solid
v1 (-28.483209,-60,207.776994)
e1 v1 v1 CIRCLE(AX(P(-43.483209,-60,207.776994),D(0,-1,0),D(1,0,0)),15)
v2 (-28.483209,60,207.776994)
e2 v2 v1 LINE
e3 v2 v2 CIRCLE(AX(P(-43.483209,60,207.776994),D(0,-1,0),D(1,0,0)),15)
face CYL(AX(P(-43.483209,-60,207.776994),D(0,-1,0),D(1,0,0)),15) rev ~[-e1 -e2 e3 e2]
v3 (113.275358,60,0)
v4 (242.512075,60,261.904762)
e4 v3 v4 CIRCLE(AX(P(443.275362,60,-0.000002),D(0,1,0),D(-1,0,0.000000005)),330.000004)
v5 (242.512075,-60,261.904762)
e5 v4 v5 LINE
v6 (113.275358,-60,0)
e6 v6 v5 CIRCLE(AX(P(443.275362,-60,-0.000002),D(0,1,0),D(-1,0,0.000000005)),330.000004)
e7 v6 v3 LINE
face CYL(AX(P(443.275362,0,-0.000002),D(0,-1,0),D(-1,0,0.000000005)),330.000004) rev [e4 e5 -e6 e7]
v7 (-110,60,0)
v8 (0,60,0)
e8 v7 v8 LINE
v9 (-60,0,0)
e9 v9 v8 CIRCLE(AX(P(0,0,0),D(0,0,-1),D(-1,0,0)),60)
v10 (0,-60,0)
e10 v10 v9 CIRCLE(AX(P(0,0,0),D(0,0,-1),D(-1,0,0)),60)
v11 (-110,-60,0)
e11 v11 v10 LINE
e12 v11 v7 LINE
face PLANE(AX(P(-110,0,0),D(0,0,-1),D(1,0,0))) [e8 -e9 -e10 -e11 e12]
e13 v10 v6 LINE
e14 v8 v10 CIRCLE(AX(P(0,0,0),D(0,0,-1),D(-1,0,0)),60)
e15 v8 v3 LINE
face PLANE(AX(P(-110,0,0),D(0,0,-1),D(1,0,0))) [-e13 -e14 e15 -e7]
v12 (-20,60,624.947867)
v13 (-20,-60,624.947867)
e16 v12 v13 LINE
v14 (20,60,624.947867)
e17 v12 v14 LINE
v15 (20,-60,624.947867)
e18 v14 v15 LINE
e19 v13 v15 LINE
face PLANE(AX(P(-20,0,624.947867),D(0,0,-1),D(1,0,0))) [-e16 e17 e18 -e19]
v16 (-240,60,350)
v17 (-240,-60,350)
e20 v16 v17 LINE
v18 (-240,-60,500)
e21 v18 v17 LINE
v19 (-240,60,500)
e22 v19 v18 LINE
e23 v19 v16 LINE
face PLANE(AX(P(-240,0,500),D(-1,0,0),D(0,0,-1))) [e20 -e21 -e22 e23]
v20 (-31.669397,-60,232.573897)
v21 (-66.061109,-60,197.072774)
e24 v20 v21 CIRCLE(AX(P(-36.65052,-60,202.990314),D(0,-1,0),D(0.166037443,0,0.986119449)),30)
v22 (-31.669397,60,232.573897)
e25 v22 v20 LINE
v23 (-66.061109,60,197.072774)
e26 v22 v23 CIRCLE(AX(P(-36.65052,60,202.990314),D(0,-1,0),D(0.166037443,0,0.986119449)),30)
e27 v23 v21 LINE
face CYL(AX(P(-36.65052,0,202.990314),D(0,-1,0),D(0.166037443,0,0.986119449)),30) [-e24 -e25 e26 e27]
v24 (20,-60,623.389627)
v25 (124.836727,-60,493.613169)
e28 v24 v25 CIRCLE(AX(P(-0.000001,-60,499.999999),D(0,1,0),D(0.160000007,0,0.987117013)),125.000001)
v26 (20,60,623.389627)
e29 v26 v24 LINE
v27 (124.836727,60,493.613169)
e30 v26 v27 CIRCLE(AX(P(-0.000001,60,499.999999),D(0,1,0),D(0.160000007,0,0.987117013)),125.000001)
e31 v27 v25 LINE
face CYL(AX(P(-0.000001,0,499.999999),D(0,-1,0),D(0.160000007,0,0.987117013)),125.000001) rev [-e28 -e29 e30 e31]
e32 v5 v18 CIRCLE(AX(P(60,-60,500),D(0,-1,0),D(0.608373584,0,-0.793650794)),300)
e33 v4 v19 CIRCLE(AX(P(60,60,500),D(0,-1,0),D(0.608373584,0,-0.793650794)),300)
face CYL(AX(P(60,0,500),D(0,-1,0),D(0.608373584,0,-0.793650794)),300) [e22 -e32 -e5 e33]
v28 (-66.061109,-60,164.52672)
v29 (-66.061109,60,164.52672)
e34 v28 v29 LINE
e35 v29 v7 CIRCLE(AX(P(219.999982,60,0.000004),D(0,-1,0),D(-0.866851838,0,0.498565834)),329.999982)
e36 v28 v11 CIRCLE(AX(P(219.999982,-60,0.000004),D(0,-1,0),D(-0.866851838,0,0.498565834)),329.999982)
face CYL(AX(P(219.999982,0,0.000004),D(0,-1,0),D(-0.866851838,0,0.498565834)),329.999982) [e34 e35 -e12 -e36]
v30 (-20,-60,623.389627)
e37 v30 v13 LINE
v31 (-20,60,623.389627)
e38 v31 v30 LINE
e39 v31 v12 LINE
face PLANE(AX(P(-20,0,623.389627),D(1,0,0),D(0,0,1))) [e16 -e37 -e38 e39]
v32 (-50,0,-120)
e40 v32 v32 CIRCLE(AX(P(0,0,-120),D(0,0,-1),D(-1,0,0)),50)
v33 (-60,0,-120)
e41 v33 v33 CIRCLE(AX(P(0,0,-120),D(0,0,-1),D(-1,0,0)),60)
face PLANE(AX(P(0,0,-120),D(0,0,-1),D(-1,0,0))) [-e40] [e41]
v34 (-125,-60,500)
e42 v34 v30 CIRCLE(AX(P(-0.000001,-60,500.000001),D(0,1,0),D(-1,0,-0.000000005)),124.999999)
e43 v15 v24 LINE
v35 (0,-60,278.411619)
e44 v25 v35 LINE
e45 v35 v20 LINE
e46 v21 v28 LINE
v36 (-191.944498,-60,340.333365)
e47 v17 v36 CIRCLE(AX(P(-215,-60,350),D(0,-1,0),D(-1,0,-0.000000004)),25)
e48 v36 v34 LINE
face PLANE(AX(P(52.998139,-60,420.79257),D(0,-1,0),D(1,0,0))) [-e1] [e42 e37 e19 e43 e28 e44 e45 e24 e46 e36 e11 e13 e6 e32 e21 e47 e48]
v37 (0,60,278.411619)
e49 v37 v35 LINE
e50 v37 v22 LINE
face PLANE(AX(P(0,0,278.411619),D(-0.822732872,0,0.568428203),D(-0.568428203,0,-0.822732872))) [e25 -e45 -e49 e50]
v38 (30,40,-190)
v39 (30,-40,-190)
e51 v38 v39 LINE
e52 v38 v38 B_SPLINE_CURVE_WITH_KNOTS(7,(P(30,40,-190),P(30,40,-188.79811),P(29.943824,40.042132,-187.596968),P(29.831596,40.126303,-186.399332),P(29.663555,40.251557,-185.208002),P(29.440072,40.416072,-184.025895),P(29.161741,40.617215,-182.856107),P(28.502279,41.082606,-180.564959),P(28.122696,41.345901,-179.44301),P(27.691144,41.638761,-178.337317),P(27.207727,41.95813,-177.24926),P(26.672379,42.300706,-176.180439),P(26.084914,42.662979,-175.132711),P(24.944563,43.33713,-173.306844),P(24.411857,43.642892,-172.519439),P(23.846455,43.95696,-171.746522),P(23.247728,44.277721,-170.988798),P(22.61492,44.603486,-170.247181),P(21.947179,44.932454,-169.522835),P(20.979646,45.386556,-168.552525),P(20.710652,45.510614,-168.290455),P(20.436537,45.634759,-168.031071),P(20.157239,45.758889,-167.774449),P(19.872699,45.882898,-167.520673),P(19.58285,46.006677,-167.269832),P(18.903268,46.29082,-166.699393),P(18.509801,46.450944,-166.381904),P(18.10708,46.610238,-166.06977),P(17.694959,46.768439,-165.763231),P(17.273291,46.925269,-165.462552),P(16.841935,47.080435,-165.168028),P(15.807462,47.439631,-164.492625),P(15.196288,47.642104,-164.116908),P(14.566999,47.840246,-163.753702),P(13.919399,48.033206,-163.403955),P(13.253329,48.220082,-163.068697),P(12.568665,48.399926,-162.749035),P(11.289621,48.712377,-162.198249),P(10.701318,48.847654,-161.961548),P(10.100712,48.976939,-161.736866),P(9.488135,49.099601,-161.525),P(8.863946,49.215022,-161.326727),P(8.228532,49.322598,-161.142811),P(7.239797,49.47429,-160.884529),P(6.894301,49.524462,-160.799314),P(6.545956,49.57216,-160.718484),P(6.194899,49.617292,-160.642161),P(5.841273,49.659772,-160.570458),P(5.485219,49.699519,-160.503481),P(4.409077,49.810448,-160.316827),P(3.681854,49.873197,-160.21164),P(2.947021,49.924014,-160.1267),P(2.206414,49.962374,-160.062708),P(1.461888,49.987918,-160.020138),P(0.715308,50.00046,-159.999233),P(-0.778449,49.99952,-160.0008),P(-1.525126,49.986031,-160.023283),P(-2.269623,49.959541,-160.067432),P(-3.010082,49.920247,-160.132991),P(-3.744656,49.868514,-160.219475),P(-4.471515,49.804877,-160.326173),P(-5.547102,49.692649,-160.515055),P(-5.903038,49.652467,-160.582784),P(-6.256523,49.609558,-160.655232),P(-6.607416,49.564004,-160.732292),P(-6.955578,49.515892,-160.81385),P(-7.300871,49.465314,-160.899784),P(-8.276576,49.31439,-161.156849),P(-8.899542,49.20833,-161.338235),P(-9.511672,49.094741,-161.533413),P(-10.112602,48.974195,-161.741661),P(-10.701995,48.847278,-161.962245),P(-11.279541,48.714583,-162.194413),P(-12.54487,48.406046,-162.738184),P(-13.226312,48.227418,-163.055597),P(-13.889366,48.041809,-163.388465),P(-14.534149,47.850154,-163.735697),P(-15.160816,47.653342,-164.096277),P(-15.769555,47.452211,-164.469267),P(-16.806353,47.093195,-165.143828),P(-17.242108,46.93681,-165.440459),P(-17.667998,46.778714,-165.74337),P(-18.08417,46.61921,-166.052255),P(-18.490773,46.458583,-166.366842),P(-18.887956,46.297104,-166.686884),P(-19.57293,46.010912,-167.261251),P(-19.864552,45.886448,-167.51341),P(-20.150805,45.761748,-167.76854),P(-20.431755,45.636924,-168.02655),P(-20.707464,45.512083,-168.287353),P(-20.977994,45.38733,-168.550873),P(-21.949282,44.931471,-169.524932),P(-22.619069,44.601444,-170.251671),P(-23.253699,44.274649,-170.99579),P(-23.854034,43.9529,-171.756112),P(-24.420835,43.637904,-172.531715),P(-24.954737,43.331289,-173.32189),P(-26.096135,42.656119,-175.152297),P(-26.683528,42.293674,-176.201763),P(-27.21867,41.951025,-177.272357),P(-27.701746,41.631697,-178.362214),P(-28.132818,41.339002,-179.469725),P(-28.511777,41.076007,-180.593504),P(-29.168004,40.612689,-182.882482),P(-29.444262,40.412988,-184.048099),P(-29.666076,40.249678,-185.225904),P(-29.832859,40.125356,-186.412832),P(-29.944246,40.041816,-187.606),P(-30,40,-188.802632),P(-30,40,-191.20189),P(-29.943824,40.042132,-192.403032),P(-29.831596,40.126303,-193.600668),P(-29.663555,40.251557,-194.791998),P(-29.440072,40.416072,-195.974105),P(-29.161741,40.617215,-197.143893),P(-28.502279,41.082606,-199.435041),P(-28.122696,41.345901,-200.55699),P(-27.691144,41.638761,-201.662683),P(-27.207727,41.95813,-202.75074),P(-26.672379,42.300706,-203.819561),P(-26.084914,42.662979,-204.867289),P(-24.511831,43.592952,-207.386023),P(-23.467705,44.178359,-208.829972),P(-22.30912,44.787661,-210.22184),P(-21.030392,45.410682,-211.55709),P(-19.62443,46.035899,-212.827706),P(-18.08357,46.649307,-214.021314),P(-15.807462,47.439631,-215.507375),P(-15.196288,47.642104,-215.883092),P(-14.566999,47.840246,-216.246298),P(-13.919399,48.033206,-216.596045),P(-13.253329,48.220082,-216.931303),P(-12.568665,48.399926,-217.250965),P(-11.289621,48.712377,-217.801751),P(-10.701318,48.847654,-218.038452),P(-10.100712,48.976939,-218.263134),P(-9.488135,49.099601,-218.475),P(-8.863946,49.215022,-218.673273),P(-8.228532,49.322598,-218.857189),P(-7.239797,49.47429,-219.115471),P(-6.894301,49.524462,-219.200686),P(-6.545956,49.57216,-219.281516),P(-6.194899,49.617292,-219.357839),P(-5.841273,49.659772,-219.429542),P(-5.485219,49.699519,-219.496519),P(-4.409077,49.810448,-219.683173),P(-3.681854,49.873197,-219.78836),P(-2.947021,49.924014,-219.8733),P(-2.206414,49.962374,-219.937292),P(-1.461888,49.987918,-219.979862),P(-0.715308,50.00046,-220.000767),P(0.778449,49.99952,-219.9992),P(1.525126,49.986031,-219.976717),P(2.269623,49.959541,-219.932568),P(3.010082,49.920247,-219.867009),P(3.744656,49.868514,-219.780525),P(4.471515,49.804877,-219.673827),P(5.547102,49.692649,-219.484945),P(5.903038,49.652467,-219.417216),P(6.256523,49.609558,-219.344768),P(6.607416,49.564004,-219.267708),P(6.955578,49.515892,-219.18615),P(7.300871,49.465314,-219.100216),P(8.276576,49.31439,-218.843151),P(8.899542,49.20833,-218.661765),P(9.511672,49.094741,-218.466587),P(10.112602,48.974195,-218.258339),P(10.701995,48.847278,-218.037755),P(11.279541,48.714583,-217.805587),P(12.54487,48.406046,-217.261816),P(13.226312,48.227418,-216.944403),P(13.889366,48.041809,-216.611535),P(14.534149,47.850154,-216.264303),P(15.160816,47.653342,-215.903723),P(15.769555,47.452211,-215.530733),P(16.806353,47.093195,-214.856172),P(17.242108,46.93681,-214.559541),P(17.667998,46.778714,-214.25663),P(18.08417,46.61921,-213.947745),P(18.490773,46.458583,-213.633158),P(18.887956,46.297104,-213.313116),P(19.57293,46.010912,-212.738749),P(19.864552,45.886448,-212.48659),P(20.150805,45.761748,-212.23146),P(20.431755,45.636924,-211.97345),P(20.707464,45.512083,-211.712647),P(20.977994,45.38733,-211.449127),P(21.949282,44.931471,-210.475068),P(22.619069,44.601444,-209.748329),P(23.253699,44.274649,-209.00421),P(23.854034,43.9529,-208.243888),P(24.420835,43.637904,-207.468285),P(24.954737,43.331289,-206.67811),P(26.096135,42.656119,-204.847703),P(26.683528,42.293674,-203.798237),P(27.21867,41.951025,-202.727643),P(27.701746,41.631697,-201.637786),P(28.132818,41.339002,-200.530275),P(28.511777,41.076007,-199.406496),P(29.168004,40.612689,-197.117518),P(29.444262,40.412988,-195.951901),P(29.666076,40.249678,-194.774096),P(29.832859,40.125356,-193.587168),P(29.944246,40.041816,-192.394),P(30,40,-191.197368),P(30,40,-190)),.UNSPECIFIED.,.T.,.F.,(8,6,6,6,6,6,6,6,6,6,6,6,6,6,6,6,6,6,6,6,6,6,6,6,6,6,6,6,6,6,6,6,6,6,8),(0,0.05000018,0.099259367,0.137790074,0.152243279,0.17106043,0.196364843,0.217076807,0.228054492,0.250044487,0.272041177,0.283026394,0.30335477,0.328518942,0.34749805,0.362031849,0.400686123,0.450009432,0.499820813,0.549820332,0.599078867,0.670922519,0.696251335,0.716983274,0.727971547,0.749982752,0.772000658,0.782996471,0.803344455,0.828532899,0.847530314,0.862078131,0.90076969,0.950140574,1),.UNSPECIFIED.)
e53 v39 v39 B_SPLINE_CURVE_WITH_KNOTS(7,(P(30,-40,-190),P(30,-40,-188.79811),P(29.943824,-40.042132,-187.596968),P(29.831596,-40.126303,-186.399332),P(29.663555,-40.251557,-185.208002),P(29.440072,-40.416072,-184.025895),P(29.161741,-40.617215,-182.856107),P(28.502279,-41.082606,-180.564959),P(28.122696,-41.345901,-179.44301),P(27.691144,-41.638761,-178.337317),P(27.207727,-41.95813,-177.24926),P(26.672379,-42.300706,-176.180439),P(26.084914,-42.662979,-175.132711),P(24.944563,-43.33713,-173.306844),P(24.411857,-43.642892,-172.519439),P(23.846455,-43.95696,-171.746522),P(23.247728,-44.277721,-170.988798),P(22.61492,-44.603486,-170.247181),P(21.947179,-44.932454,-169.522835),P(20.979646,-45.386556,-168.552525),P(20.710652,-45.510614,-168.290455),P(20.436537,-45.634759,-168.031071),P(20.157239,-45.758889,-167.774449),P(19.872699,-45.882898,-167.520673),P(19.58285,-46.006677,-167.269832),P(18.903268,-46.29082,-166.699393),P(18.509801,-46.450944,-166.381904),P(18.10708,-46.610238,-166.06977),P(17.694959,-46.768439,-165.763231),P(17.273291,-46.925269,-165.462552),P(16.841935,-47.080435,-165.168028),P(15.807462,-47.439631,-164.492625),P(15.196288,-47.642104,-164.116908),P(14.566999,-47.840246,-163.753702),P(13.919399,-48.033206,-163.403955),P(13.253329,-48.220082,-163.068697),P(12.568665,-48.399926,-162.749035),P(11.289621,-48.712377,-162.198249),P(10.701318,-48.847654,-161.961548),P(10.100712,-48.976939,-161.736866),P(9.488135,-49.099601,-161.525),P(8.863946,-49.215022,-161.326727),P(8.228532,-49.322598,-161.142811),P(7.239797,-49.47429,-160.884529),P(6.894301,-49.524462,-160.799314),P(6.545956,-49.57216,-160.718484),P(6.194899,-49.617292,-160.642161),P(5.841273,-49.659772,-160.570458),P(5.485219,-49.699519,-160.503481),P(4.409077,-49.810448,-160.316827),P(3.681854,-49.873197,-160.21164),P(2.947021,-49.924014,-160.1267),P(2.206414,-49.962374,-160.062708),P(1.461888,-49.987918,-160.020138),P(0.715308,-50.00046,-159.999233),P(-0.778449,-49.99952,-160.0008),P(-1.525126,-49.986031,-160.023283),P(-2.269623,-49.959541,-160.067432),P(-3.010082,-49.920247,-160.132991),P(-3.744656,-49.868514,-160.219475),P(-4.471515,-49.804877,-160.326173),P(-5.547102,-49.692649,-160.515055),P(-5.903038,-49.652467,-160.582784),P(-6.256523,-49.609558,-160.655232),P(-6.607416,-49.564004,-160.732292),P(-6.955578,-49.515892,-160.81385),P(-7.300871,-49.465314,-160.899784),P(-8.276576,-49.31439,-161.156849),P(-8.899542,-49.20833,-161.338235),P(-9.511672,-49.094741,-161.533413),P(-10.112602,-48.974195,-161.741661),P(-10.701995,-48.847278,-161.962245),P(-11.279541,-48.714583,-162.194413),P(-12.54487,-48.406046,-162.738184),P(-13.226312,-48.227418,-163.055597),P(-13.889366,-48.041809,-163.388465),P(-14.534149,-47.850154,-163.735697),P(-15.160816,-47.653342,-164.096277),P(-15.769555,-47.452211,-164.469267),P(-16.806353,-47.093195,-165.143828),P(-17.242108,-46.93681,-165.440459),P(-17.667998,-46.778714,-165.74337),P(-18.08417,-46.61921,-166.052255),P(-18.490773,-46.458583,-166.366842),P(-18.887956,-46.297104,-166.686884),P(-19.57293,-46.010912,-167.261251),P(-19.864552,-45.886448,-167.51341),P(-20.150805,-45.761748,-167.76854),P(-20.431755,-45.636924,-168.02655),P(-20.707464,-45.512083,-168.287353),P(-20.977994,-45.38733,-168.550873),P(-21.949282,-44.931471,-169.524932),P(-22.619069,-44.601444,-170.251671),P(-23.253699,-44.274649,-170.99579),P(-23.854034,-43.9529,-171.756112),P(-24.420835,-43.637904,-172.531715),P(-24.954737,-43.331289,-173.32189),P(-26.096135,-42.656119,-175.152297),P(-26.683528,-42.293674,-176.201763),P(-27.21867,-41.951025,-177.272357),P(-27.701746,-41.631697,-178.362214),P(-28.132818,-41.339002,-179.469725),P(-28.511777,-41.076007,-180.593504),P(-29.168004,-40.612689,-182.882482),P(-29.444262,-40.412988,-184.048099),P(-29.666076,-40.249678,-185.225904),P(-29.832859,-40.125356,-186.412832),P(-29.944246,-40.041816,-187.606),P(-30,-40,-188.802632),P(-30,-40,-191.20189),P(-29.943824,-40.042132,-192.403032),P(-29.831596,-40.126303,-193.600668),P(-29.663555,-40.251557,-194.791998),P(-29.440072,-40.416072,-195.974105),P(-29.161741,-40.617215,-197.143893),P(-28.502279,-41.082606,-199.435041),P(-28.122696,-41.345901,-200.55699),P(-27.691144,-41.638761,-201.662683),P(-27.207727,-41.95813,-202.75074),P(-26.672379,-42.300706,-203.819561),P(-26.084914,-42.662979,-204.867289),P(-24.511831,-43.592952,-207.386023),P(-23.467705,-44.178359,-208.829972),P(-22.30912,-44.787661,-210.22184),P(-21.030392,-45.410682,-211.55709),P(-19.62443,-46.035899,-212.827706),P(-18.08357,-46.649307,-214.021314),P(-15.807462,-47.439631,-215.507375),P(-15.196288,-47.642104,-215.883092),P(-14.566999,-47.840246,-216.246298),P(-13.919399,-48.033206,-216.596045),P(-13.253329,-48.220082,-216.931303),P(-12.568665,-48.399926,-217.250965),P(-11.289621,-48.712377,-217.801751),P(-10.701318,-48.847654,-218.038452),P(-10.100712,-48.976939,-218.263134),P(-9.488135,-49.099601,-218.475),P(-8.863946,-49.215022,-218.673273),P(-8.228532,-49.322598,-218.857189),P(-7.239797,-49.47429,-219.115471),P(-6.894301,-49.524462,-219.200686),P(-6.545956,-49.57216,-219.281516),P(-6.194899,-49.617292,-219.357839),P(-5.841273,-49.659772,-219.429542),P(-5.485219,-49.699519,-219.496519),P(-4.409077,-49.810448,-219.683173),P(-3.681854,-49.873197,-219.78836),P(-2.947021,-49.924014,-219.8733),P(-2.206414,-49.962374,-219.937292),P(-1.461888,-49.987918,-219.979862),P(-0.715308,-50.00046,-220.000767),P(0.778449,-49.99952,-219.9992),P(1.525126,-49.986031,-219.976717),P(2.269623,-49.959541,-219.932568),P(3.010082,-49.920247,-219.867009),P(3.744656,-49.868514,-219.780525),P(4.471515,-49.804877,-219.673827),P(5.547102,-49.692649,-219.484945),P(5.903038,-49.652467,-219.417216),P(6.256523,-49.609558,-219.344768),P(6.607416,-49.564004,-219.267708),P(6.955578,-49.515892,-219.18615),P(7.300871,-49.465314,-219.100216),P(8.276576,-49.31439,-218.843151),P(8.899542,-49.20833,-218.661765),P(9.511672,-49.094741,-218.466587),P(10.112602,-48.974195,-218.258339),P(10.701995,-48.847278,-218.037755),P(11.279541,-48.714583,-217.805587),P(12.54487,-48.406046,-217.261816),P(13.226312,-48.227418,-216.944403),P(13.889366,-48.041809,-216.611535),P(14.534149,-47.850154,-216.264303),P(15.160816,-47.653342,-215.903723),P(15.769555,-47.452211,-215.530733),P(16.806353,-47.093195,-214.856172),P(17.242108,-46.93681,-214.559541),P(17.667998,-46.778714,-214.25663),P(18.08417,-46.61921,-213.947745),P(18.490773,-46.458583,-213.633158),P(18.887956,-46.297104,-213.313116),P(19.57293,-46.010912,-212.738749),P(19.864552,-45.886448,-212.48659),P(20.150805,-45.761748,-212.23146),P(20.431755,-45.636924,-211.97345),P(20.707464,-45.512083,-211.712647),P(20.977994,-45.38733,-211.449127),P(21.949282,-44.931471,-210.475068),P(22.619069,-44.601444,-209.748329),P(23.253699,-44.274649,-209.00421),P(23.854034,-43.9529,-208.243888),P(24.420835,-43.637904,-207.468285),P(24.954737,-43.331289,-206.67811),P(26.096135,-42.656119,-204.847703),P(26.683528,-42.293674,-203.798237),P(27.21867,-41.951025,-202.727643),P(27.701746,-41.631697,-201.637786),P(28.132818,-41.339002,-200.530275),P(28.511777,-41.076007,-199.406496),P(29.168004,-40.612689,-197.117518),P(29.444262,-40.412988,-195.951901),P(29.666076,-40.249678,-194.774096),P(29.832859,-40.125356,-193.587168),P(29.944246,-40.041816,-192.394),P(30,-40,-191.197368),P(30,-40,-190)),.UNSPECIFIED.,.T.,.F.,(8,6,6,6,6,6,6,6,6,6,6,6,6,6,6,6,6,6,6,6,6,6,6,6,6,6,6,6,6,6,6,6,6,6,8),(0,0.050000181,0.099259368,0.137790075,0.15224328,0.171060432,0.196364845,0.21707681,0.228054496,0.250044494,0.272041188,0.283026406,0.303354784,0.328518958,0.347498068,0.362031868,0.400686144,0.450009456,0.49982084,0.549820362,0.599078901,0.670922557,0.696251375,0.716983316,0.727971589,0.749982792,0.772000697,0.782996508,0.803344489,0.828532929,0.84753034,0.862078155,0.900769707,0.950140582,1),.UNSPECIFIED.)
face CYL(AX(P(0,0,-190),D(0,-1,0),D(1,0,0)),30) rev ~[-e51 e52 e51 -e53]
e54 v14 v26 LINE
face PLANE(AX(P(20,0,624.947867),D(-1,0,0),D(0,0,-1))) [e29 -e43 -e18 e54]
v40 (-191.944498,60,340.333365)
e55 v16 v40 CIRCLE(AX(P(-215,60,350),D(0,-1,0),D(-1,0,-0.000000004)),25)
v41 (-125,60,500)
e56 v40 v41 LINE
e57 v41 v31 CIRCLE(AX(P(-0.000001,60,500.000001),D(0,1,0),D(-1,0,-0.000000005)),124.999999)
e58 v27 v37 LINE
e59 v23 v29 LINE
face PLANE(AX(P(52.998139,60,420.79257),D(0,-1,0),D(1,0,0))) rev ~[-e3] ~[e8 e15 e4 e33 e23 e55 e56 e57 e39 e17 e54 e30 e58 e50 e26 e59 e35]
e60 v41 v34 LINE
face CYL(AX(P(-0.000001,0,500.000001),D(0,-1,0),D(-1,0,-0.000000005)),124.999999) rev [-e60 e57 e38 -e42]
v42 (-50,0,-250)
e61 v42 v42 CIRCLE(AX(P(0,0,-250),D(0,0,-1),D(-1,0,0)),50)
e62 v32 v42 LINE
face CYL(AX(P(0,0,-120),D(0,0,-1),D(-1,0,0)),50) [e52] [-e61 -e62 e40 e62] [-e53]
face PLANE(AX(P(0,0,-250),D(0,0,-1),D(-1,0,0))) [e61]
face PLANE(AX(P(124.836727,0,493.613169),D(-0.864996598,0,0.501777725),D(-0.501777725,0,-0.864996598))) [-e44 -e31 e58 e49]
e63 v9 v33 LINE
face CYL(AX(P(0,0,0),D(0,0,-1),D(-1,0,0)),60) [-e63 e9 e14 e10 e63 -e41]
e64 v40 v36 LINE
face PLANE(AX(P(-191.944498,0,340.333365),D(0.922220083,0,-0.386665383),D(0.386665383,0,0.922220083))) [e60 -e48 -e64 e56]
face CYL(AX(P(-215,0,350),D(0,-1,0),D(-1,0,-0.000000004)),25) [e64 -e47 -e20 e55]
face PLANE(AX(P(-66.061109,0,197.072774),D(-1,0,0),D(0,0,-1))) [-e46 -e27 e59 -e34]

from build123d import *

# Parameters (mm, degrees)
F3_DEPTH = 60
F4_R     = 30
F5_DEPTH = 112
F6_R     = 15
F7_DEPTH = 163


with BuildPart() as f2:
    # F1 (on Front) → F2 (revolve)
    with BuildSketch(Plane.XZ):
        Polygon((-50, -120), (-50, -250), (0, -250), (0, 0), (-60, 0), (-60, -120), align=None)
    revolve(axis=Axis((0, 0, -125), (0, 0, -1)))

    # F0 (on Front) → F3 (join, symmetric)
    with BuildSketch(Plane.XZ):
        with BuildLine():
            ThreePointArc((113.275358, 0), (147.343032, 146.027594), (242.512075, 261.904762))
            ThreePointArc((242.512075, 261.904762), (192.752359, 769.029387), (-240, 500))
            Line((-240, 500), (-125, 500))
            ThreePointArc((-125, 500), (-95.197164, 581.009259), (-20, 623.389627))
            Line((-20, 623.389627), (-20, 624.947867))
            Line((-20, 624.947867), (20, 624.947867))
            Line((20, 624.947867), (20, 623.389627))
            ThreePointArc((20, 623.389627), (97.236318, 578.549974), (124.836727, 493.613169))
            Line((124.836727, 493.613169), (0, 278.411619))
            Line((0, 278.411619), (-31.669397, 232.573897))
            ThreePointArc((-31.669397, 232.573897), (-58.197727, 223.86417), (-66.061109, 197.072774))
            Line((-66.061109, 197.072774), (-66.061109, 164.52672))
            ThreePointArc((-66.061109, 164.52672), (-98.826102, 85.146444), (-110, 0))
            Line((-110, 0), (113.275358, 0))
        make_face()
        with BuildLine():
            Line((-125, 500), (-240, 500))
            Line((-240, 500), (-240, 350))
            ThreePointArc((-240, 350), (-219.930134, 325.490945), (-191.944498, 340.333365))
            Line((-191.944498, 340.333365), (-125, 500))
        make_face()
    extrude(amount=F3_DEPTH, both=True)

    # F4 (on Front) → F5 (cut, symmetric)
    with BuildSketch(Plane.XZ):
        with Locations((0, -190)):
            Circle(F4_R)
    extrude(amount=F5_DEPTH, both=True, mode=Mode.SUBTRACT)

    # F6 (on face) → F7 (cut, symmetric)
    with BuildSketch(Plane.XZ.offset(60)):
        with Locations((-43.483209, 207.776994)):
            Circle(F6_R)
    extrude(amount=F7_DEPTH, both=True, mode=Mode.SUBTRACT)


solid = f2.part
